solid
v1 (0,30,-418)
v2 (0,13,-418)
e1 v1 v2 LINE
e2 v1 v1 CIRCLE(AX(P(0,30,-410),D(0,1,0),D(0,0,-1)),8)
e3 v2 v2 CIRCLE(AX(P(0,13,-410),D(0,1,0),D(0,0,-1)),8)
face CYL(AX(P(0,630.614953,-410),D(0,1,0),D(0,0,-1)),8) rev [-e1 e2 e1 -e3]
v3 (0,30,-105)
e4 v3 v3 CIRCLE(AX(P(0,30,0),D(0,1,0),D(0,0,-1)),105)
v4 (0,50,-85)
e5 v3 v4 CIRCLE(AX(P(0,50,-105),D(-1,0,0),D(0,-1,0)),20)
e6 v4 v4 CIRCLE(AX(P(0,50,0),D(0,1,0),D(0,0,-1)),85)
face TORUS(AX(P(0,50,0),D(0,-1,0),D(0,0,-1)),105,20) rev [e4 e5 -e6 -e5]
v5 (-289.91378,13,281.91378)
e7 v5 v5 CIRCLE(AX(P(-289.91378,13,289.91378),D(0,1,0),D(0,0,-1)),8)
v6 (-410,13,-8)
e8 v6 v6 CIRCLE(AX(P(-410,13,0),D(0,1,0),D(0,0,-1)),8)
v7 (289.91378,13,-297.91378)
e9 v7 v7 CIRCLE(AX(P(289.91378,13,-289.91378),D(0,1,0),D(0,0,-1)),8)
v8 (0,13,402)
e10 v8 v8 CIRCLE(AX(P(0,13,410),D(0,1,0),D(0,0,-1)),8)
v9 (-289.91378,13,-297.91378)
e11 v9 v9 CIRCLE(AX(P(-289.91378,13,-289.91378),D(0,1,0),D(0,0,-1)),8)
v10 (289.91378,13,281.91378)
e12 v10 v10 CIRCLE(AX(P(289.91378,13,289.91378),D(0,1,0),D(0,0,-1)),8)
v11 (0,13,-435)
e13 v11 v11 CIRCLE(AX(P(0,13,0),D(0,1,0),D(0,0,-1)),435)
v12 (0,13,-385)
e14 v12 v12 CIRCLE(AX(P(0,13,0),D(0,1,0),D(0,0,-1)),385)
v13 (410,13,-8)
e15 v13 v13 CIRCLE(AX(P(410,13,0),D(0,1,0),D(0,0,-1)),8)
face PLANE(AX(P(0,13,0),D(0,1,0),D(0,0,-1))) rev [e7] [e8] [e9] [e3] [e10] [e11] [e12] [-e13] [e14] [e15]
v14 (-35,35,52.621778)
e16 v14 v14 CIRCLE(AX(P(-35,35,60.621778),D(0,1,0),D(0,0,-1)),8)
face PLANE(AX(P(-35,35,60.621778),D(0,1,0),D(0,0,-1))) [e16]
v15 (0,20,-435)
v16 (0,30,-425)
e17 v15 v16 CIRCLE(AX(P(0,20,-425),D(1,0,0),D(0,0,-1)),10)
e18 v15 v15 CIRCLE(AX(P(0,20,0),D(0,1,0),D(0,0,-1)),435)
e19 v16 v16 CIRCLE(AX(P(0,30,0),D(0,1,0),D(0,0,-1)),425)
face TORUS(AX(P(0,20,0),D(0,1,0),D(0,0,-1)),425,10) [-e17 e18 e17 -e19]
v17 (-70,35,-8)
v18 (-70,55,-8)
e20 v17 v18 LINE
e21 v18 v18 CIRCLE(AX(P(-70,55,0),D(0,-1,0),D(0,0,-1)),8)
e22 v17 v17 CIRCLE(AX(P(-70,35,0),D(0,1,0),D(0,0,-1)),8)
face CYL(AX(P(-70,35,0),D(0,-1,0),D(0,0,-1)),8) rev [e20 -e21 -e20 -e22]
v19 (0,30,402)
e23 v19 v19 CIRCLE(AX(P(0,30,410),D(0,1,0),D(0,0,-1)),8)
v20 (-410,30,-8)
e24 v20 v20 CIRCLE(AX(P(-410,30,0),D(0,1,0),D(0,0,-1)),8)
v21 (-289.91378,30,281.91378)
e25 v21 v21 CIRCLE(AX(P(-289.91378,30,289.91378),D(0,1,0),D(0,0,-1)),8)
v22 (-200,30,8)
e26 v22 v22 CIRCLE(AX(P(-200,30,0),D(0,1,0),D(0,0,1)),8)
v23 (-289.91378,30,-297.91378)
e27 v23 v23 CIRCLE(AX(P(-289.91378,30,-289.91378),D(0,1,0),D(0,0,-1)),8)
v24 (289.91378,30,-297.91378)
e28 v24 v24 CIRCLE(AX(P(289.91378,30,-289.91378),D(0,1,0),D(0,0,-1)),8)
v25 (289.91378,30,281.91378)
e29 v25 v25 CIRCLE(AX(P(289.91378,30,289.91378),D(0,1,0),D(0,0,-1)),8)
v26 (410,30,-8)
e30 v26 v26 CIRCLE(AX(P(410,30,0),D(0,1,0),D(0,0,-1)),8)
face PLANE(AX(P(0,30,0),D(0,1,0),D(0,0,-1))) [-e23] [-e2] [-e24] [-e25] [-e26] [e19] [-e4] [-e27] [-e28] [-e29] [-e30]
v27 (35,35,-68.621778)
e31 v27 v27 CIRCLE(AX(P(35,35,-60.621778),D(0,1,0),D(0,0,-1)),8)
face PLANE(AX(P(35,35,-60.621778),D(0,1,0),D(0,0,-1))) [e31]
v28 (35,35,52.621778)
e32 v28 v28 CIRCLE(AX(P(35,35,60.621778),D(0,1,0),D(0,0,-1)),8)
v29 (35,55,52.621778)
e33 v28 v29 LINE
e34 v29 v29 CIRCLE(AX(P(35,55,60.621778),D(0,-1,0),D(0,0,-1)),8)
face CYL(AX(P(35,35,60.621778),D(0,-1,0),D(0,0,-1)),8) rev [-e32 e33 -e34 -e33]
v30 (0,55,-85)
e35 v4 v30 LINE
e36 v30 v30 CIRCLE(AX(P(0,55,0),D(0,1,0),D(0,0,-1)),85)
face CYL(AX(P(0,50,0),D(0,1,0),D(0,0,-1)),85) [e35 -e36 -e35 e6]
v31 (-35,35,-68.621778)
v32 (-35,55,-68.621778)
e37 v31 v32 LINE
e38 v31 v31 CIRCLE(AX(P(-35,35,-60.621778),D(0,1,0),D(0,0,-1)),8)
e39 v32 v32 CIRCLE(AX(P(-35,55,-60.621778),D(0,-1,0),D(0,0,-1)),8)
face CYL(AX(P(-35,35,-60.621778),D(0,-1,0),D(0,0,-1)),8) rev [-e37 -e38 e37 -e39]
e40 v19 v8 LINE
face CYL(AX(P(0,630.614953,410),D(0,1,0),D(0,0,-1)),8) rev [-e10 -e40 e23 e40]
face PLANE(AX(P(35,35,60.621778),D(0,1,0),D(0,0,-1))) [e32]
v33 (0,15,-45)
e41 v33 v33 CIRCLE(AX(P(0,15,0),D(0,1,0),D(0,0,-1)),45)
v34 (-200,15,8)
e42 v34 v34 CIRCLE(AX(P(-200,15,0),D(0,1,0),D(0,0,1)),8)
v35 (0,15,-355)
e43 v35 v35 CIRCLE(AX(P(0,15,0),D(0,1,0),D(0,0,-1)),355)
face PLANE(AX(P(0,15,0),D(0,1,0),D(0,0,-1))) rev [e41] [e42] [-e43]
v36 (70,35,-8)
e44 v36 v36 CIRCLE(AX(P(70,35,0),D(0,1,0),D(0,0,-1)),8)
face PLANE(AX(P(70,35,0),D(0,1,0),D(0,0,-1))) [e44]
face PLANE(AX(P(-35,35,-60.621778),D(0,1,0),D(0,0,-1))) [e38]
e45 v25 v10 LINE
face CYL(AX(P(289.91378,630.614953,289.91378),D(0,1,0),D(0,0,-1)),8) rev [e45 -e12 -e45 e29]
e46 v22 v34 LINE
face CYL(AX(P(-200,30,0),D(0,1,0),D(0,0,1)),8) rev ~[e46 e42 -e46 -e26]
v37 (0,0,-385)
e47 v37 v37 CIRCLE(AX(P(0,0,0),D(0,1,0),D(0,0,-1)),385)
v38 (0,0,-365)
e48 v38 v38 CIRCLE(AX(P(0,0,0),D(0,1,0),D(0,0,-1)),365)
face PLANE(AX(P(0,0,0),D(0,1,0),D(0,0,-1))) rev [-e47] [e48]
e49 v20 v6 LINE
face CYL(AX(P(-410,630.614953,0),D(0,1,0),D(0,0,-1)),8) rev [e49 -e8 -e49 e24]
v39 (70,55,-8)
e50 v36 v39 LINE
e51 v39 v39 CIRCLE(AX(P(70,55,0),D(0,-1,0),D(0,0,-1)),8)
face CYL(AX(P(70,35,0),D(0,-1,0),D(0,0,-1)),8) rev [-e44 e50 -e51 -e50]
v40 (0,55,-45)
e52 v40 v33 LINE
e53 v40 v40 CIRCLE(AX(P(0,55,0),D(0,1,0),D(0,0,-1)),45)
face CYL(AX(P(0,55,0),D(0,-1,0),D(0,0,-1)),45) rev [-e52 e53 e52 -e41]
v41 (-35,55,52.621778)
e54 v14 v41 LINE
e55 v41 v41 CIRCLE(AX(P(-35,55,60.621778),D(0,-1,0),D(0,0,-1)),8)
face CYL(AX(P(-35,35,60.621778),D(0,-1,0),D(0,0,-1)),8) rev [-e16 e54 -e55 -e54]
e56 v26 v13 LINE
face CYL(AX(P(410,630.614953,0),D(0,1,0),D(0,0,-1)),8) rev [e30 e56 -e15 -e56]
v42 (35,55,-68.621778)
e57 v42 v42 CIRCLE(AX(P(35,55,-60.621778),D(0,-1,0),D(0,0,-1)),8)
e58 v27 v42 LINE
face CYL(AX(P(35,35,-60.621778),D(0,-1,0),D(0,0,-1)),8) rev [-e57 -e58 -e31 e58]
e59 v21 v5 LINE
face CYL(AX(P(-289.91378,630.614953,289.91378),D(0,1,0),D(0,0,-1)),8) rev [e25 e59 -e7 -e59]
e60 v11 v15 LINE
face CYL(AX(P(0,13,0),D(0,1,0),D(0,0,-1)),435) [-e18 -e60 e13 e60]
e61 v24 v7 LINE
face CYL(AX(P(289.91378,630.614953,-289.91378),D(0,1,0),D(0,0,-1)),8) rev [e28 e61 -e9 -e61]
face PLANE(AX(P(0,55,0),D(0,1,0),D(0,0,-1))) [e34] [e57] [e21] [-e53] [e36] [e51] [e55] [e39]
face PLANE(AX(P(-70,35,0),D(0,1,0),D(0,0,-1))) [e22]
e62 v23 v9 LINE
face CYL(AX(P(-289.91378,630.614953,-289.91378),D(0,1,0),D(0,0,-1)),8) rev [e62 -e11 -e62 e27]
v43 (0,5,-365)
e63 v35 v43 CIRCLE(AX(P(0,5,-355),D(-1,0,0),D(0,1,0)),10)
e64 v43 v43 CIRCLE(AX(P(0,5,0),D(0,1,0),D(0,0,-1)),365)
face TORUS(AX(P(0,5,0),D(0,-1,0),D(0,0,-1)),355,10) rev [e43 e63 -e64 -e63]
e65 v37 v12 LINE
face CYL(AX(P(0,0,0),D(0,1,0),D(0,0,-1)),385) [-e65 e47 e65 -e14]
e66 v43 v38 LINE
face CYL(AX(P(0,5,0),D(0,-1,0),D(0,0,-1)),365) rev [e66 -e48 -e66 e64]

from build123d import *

# Parameters (mm, degrees)
CUT_EXTRUDE1_DEPTH      = 617.614952787
CUT_EXTRUDE1_DEPTH_BACK = 617.614952787
SKETCH2_R               = 8
CUT_EXTRUDE2_DEPTH      = 618.636624562
CUT_EXTRUDE2_DEPTH_BACK = 20
SKETCH3_R               = 8
SKETCH4_R               = 8
CUT_EXTRUDE3_DEPTH      = 15


with BuildPart() as part:
    # Sketch1 → Revolve1 (revolve)
    with BuildSketch(Plane.XY, mode=Mode.PRIVATE) as revolve1_sk:
        with BuildLine():
            Line((-365, 0), (-385, 0))
            Line((-385, 0), (-385, 13))
            Line((-385, 13), (-435, 13))
            Line((-435, 13), (-435, 20))
            ThreePointArc((-435, 20), (-432.071067812, 27.071067812), (-425, 30))
            Line((-425, 30), (-105, 30))
            ThreePointArc((-105, 30), (-90.857864376, 35.857864376), (-85, 50))
            Line((-85, 50), (-85, 55))
            Line((-85, 55), (-45, 55))
            Line((-45, 55), (-45, 15))
            Line((-45, 15), (-355, 15))
            ThreePointArc((-355, 15), (-362.071067812, 12.071067812), (-365, 5))
            Line((-365, 5), (-365, 0))
        make_face()
    revolve(revolve1_sk.sketch.rotate(Axis((0, 0, 0), (0, 1, 0)), 270), axis=Axis((0, 0, 0), (0, 1, 0)))

    # Sketch2 → Cut-Extrude1 (cut, two sides: drawn at the far end of the back side and taken through both)
    with BuildSketch(Plane.XZ.offset(-13).offset(-CUT_EXTRUDE1_DEPTH_BACK)):
        with Locations(Location((410, 0, 0), (0, 0, 270))):
            Circle(SKETCH2_R)
        with Locations(Location((289.913780286, -289.913780286, 0), (0, 0, 270))):
            Circle(SKETCH2_R)
        with Locations(Location((0, -410, 0), (0, 0, 270))):
            Circle(SKETCH2_R)
        with Locations(Location((-289.913780286, -289.913780286, 0), (0, 0, 270))):
            Circle(SKETCH2_R)
        with Locations(Location((-410, 0, 0), (0, 0, 270))):
            Circle(SKETCH2_R)
        with Locations(Location((-289.913780286, 289.913780286, 0), (0, 0, 270))):
            Circle(SKETCH2_R)
        with Locations(Location((0, 410, 0), (0, 0, 270))):
            Circle(SKETCH2_R)
        with Locations(Location((289.913780286, 289.913780286, 0), (0, 0, 270))):
            Circle(SKETCH2_R)
    extrude(amount=CUT_EXTRUDE1_DEPTH + CUT_EXTRUDE1_DEPTH_BACK, mode=Mode.SUBTRACT)

    # Sketch3 → Cut-Extrude2 (cut, two sides: drawn at the far end of the back side and taken through both)
    with BuildSketch(Plane(origin=(0, 55, 0), x_dir=(1, 0, 0), z_dir=(0, 1, 0)).offset(-CUT_EXTRUDE2_DEPTH_BACK)):
        with Locations(Location((70, 0, 0), (0, 0, 90))):
            Circle(SKETCH3_R)
        with Locations(Location((35, -60.621778265, 0), (0, 0, 90))):
            Circle(SKETCH3_R)
        with Locations(Location((-35, -60.621778265, 0), (0, 0, 90))):
            Circle(SKETCH3_R)
        with Locations(Location((-70, 0, 0), (0, 0, 90))):
            Circle(SKETCH3_R)
        with Locations(Location((-35, 60.621778265, 0), (0, 0, 90))):
            Circle(SKETCH3_R)
        with Locations(Location((35, 60.621778265, 0), (0, 0, 90))):
            Circle(SKETCH3_R)
    extrude(amount=CUT_EXTRUDE2_DEPTH + CUT_EXTRUDE2_DEPTH_BACK, mode=Mode.SUBTRACT)

    # Sketch4 → Cut-Extrude3 (cut)
    with BuildSketch(Plane(origin=(0, 30, 0), x_dir=(1, 0, 0), z_dir=(0, 1, 0))):
        with Locations(Location((-200, 0, 0), (0, 0, 270))):
            Circle(SKETCH4_R)
    extrude(amount=-CUT_EXTRUDE3_DEPTH, mode=Mode.SUBTRACT)


solid = part.part
